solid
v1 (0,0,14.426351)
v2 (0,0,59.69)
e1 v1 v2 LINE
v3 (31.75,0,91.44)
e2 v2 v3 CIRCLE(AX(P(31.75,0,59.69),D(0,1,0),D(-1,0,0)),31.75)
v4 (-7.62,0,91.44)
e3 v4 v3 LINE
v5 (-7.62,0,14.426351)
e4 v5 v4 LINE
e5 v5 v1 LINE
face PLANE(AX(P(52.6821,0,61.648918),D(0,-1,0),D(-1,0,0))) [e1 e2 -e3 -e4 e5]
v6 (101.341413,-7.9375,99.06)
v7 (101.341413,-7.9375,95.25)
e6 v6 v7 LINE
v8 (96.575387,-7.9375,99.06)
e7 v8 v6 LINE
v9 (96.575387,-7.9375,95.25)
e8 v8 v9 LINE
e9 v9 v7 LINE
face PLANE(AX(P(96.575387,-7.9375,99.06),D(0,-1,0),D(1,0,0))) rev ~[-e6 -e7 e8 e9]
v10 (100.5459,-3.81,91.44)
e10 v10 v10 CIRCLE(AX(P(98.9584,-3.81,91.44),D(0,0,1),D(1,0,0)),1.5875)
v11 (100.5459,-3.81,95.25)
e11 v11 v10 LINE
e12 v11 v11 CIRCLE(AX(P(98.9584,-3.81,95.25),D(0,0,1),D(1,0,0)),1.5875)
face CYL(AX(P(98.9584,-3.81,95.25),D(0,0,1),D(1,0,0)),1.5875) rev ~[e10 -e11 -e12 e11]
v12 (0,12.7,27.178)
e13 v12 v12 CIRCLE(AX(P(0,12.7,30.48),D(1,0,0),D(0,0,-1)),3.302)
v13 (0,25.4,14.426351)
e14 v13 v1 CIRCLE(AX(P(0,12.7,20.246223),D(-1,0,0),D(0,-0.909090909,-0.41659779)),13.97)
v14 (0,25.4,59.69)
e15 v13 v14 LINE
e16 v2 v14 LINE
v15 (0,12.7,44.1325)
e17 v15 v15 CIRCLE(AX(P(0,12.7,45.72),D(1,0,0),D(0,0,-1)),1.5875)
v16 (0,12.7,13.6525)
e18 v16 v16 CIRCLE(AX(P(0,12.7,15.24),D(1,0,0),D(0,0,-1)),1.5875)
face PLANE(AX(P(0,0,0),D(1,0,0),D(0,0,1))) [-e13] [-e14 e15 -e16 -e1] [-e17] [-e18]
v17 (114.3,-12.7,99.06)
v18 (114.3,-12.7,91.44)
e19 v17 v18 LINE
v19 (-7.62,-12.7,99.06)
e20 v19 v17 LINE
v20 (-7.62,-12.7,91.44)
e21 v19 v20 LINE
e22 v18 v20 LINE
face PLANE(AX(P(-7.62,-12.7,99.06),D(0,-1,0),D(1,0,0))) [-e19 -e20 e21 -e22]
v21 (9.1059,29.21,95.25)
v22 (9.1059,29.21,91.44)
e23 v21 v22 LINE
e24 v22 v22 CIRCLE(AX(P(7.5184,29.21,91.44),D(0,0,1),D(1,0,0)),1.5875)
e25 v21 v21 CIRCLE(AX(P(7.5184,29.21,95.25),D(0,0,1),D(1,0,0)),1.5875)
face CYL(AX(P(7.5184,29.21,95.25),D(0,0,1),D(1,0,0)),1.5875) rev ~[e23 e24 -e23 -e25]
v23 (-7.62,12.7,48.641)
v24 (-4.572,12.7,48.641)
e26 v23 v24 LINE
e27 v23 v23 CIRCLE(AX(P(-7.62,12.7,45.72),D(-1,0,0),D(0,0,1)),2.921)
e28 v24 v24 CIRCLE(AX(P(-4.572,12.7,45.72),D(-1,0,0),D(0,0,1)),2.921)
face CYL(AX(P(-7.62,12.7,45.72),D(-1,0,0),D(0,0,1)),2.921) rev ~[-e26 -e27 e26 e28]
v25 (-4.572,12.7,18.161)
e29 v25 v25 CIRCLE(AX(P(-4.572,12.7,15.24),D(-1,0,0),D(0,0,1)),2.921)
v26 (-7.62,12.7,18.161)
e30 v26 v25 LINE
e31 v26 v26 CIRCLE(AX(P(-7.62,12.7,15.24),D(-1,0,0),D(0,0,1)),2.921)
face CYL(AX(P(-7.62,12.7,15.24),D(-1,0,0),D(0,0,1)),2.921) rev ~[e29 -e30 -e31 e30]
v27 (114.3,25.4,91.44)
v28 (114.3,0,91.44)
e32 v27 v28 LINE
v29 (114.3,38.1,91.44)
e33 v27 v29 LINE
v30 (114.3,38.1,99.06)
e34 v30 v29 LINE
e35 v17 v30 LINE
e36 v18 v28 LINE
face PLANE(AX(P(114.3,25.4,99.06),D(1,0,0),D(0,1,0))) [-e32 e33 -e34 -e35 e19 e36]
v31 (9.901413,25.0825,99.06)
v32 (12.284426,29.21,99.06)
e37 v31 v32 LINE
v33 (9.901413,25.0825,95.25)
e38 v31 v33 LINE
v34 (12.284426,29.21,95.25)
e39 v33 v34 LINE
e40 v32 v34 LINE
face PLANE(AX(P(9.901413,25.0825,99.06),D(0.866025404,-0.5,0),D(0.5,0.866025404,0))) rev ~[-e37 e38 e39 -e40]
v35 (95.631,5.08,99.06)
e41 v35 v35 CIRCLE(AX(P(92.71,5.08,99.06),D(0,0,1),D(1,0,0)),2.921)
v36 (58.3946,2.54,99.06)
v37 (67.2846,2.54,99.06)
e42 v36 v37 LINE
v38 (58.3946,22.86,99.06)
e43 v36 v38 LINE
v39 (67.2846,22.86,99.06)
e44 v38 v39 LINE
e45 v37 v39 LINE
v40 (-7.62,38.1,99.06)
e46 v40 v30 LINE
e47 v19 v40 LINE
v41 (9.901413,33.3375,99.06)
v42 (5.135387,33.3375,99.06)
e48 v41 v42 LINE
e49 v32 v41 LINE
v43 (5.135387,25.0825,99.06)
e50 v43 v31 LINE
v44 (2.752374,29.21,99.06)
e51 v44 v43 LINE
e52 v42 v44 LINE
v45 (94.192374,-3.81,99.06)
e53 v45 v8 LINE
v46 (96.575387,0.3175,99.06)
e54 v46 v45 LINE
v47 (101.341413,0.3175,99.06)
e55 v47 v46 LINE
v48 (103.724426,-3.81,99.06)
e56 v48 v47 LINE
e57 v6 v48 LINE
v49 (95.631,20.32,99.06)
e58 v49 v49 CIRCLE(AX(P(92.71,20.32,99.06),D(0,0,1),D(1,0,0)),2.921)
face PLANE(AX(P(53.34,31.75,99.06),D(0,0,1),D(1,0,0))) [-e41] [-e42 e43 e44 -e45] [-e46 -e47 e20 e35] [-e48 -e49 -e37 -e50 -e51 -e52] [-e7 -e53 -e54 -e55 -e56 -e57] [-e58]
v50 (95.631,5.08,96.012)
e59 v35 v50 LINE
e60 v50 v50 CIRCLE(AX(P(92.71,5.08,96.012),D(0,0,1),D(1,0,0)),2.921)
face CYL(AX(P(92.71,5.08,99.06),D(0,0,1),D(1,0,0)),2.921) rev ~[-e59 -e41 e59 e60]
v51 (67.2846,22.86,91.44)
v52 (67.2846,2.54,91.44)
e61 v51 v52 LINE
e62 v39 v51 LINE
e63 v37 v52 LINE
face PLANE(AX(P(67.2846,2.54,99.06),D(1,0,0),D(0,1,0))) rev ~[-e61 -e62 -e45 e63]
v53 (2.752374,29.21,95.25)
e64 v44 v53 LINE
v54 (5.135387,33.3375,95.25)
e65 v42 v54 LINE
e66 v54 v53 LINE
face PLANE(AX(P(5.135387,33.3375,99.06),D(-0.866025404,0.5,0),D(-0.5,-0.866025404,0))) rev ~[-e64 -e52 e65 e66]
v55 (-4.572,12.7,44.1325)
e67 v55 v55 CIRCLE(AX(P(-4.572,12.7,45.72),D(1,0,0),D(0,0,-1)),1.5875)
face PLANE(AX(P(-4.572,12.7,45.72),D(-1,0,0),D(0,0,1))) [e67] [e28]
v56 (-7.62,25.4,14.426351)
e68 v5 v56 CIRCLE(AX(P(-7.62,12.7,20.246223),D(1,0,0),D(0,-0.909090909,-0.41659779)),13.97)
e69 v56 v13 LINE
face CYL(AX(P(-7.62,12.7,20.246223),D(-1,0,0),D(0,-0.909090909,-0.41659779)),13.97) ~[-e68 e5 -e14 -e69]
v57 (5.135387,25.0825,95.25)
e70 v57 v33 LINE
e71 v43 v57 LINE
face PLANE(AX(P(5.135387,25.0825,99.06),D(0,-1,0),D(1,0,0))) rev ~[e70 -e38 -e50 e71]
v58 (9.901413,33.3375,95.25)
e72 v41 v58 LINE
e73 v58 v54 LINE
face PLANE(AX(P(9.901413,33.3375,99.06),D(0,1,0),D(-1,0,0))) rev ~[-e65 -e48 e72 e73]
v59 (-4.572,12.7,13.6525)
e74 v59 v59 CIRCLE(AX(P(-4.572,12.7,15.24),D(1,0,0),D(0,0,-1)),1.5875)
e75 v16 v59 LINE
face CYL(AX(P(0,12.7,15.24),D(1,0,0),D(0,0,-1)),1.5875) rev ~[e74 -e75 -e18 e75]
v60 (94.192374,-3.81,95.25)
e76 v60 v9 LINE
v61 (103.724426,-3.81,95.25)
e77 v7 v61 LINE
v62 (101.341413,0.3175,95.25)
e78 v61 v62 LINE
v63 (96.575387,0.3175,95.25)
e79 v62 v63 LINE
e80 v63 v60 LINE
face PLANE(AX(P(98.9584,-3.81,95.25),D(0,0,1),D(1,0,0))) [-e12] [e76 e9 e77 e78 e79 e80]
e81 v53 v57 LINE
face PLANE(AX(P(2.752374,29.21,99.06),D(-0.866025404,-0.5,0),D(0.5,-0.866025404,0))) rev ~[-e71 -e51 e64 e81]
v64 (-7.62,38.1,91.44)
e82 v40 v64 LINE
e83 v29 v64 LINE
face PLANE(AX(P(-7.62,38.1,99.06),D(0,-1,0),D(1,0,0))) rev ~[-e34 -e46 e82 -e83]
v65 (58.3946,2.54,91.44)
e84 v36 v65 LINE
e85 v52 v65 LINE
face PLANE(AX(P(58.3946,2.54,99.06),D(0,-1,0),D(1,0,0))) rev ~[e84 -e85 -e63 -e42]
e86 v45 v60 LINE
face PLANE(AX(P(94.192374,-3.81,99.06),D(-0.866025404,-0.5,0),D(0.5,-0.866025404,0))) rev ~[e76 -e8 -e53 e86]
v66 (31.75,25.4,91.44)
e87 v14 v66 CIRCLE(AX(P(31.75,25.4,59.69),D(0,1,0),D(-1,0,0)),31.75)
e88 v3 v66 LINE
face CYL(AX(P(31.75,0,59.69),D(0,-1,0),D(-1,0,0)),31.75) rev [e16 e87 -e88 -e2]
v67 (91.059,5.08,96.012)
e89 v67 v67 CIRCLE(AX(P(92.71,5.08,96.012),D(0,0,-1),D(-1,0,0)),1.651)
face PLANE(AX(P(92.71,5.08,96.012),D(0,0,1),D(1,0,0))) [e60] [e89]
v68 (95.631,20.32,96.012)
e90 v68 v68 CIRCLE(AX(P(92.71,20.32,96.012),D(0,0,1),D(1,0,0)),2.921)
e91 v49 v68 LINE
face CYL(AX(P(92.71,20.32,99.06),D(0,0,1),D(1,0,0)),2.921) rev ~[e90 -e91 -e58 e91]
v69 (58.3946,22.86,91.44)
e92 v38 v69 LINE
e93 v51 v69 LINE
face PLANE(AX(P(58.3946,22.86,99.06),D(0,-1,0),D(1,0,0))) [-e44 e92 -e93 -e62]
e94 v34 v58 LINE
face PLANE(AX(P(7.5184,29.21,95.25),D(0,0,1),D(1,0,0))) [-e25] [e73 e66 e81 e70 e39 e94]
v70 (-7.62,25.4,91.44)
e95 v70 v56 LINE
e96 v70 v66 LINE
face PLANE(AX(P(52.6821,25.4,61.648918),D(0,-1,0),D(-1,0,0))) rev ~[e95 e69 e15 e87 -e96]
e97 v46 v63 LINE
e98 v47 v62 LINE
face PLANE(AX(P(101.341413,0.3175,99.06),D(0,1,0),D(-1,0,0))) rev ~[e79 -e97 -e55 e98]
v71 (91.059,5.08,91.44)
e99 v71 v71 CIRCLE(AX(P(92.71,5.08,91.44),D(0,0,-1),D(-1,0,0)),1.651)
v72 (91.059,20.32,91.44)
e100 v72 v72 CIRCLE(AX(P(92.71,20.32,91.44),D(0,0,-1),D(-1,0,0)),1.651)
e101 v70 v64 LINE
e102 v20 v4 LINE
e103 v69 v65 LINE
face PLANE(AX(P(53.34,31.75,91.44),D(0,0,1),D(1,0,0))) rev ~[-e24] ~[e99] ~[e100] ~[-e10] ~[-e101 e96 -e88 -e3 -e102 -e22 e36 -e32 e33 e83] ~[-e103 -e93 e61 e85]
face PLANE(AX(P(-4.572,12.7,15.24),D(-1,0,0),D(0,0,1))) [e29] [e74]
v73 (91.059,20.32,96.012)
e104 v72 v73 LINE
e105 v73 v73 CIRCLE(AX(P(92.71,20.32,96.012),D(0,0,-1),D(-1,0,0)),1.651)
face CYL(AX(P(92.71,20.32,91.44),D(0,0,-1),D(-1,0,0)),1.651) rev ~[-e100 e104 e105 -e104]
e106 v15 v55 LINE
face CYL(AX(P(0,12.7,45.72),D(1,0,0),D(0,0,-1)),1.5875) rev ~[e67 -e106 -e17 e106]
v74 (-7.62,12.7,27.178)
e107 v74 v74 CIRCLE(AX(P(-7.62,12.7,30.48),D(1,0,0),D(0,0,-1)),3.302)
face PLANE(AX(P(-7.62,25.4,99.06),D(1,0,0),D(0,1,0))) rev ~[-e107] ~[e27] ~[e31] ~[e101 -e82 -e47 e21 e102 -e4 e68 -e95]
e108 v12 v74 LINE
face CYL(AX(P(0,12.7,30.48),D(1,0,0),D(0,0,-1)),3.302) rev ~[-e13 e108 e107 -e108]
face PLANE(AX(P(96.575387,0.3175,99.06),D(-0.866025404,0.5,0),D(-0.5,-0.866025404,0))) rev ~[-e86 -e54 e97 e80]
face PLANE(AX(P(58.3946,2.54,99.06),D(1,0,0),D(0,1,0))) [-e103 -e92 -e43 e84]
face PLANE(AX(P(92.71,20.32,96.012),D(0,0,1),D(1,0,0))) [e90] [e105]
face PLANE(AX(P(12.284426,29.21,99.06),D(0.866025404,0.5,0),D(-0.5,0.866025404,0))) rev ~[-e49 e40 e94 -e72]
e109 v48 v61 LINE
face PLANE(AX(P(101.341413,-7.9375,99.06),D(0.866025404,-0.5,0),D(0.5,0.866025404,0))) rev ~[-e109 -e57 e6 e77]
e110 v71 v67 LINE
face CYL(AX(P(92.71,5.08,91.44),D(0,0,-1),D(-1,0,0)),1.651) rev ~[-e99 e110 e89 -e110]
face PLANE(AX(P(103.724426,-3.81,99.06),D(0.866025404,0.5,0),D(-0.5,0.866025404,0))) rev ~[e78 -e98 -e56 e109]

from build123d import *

# Parameters (mm, degrees)
BOSS_EXTRUDE1_DEPTH     = 25.4
SKETCH4_R               = 3.302
CUT_EXTRUDE2_DEPTH      = 7.62
SKETCH2_R               = 1.5875
SKETCH2_R_2             = 3.302
CUT_EXTRUDE3_DEPTH      = 7.62
SKETCH6_W               = 121.92
SKETCH6_H               = 12.7
BOSS_EXTRUDE2_DEPTH     = 7.62
CUT_EXTRUDE4_DEPTH      = 3.81
SKETCH10_R              = 2.921
CUT_EXTRUDE5_DEPTH      = 3.048
SKETCH11_R              = 1.5875
CUT_EXTRUDE6_DEPTH      = 96.25
CUT_EXTRUDE7_REACH      = 101.06
SKETCH12_W              = 8.89
SKETCH12_H              = 20.32
CUT_EXTRUDE8_DEPTH      = 1
CUT_EXTRUDE8_DEPTH_BACK = 122.92
SKETCH15_R              = 1.651
CUT_EXTRUDE9_DEPTH      = 8.62
SKETCH16_R              = 2.921
CUT_EXTRUDE10_DEPTH     = 3.048
SKETCH17_W              = 46.323198875
SKETCH17_H              = 88.058880532
CUT_EXTRUDE11_DEPTH     = 51.8


with BuildPart() as part:
    # Sketch1 → Boss-Extrude1 (new body)
    with BuildSketch(Plane(origin=(0, 0, 0), x_dir=(1, 0, 0), z_dir=(0, 1, 0))):
        with BuildLine():
            Line((0, 0), (0, -59.69))
            ThreePointArc((0, -59.69), (9.299359697, -82.140640303), (31.75, -91.44))
            Line((31.75, -91.44), (69.85, -91.44))
            ThreePointArc((69.85, -91.44), (92.300640303, -82.140640303), (101.6, -59.69))
            Line((101.6, -59.69), (101.6, 0))
            Line((101.6, 0), (114.3, 0))
            Line((114.3, 0), (114.3, -99.06))
            Line((114.3, -99.06), (-7.62, -99.06))
            Line((-7.62, -99.06), (-7.62, 0))
            Line((-7.62, 0), (0, 0))
        make_face()
    extrude(amount=BOSS_EXTRUDE1_DEPTH)

    # Sketch4 → Cut-Extrude2 (cut)
    with BuildSketch(Plane.ZY.offset(-101.6)):
        with Locations((30.48, 12.7)):
            Circle(SKETCH4_R)
    extrude(amount=-CUT_EXTRUDE2_DEPTH, mode=Mode.SUBTRACT)

    # Sketch2 → Cut-Extrude3 (cut)
    with BuildSketch(Plane(origin=(0, 0, 0), x_dir=(0, 0, -1), z_dir=(1, 0, 0))):
        with Locations((-15.24, 12.7)):
            Circle(SKETCH2_R)
        with Locations((-45.72, 12.7)):
            Circle(SKETCH2_R)
        with Locations((-30.48, 12.7)):
            Circle(SKETCH2_R_2)
    extrude(amount=-CUT_EXTRUDE3_DEPTH, mode=Mode.SUBTRACT)

    # Sketch6 → Boss-Extrude2 (add)
    with BuildSketch(Plane.XY.offset(99.06)):
        with Locations((53.34, 31.75)):
            Rectangle(SKETCH6_W, SKETCH6_H)
        with Locations((53.34, -6.35)):
            Rectangle(SKETCH6_W, SKETCH6_H)
    extrude(amount=-BOSS_EXTRUDE2_DEPTH)

    # Sketch7 → Cut-Extrude4 (cut)
    with BuildSketch(Plane.XY.offset(99.06)):
        Polygon((12.284426472, 29.21), (9.901413236, 33.3375), (5.135386764, 33.3375), (2.752373528, 29.21), (5.135386764, 25.0825), (9.901413236, 25.0825), align=None)
        Polygon((103.724426472, -3.81), (101.341413236, 0.3175), (96.575386764, 0.3175), (94.192373528, -3.81), (96.575386764, -7.9375), (101.341413236, -7.9375), align=None)
    extrude(amount=-CUT_EXTRUDE4_DEPTH, mode=Mode.SUBTRACT)

    # Sketch10 → Cut-Extrude5 (cut)
    with BuildSketch(Plane.ZY.offset(7.62)):
        with Locations((15.24, 12.7)):
            Circle(SKETCH10_R)
        with Locations((45.72, 12.7)):
            Circle(SKETCH10_R)
    extrude(amount=-CUT_EXTRUDE5_DEPTH, mode=Mode.SUBTRACT)

    # Sketch11 → Cut-Extrude6 (cut, through all)
    with BuildSketch(Plane.XY.offset(95.25)):
        with Locations((7.5184, 29.21)):
            Circle(SKETCH11_R)
        with Locations((98.9584, -3.81)):
            Circle(SKETCH11_R)
    extrude(amount=-CUT_EXTRUDE6_DEPTH, mode=Mode.SUBTRACT)

    # Sketch12 → Cut-Extrude7 (cut, up to next)
    with BuildSketch(Plane.XY.offset(99.06), mode=Mode.PRIVATE) as cut_extrude7_sk1:
        with Locations((62.8396, 12.7)):
            Rectangle(SKETCH12_W, SKETCH12_H)
    cut_extrude7_tool1 = extrude(cut_extrude7_sk1.sketch, amount=-CUT_EXTRUDE7_REACH, mode=Mode.PRIVATE) & part.part
    add(cut_extrude7_tool1.solids().sort_by_distance((62.8396, 12.7, 99.06))[0], mode=Mode.SUBTRACT)

    # Sketch14 → Cut-Extrude8 (cut, two sides)
    with BuildSketch(Plane.ZY.offset(7.62)) as cut_extrude8_sk:
        with BuildLine():
            Line((14.426351463, 25.4), (0, 25.4))
            Line((0, 25.4), (0, 0))
            Line((0, 0), (14.426351463, 0))
            ThreePointArc((14.426351463, 0), (6.276222595, 12.7), (14.426351463, 25.4))
        make_face()
    extrude(amount=CUT_EXTRUDE8_DEPTH, mode=Mode.SUBTRACT)
    extrude(cut_extrude8_sk.sketch, amount=-CUT_EXTRUDE8_DEPTH_BACK, mode=Mode.SUBTRACT)

    # Sketch15 → Cut-Extrude9 (cut, through all)
    with BuildSketch(Plane(origin=(0, 0, 91.44), x_dir=(-1, 0, 0), z_dir=(0, 0, -1))):
        with Locations((-92.71, 20.32)):
            Circle(SKETCH15_R)
        with Locations((-92.71, 5.08)):
            Circle(SKETCH15_R)
    extrude(amount=-CUT_EXTRUDE9_DEPTH, mode=Mode.SUBTRACT)

    # Sketch16 → Cut-Extrude10 (cut)
    with BuildSketch(Plane.XY.offset(99.06)):
        with Locations((92.71, 20.32)):
            Circle(SKETCH16_R)
        with Locations((92.71, 5.08)):
            Circle(SKETCH16_R)
    extrude(amount=-CUT_EXTRUDE10_DEPTH, mode=Mode.SUBTRACT)

    # Sketch17 → Cut-Extrude11 (cut, through all)
    with BuildSketch(Plane(origin=(0, 38.1, 0), x_dir=(1, 0, 0), z_dir=(0, 1, 0))):
        with Locations((91.138400563, -47.410559734)):
            Rectangle(SKETCH17_W, SKETCH17_H)
    extrude(amount=-CUT_EXTRUDE11_DEPTH, mode=Mode.SUBTRACT)


solid = part.part
